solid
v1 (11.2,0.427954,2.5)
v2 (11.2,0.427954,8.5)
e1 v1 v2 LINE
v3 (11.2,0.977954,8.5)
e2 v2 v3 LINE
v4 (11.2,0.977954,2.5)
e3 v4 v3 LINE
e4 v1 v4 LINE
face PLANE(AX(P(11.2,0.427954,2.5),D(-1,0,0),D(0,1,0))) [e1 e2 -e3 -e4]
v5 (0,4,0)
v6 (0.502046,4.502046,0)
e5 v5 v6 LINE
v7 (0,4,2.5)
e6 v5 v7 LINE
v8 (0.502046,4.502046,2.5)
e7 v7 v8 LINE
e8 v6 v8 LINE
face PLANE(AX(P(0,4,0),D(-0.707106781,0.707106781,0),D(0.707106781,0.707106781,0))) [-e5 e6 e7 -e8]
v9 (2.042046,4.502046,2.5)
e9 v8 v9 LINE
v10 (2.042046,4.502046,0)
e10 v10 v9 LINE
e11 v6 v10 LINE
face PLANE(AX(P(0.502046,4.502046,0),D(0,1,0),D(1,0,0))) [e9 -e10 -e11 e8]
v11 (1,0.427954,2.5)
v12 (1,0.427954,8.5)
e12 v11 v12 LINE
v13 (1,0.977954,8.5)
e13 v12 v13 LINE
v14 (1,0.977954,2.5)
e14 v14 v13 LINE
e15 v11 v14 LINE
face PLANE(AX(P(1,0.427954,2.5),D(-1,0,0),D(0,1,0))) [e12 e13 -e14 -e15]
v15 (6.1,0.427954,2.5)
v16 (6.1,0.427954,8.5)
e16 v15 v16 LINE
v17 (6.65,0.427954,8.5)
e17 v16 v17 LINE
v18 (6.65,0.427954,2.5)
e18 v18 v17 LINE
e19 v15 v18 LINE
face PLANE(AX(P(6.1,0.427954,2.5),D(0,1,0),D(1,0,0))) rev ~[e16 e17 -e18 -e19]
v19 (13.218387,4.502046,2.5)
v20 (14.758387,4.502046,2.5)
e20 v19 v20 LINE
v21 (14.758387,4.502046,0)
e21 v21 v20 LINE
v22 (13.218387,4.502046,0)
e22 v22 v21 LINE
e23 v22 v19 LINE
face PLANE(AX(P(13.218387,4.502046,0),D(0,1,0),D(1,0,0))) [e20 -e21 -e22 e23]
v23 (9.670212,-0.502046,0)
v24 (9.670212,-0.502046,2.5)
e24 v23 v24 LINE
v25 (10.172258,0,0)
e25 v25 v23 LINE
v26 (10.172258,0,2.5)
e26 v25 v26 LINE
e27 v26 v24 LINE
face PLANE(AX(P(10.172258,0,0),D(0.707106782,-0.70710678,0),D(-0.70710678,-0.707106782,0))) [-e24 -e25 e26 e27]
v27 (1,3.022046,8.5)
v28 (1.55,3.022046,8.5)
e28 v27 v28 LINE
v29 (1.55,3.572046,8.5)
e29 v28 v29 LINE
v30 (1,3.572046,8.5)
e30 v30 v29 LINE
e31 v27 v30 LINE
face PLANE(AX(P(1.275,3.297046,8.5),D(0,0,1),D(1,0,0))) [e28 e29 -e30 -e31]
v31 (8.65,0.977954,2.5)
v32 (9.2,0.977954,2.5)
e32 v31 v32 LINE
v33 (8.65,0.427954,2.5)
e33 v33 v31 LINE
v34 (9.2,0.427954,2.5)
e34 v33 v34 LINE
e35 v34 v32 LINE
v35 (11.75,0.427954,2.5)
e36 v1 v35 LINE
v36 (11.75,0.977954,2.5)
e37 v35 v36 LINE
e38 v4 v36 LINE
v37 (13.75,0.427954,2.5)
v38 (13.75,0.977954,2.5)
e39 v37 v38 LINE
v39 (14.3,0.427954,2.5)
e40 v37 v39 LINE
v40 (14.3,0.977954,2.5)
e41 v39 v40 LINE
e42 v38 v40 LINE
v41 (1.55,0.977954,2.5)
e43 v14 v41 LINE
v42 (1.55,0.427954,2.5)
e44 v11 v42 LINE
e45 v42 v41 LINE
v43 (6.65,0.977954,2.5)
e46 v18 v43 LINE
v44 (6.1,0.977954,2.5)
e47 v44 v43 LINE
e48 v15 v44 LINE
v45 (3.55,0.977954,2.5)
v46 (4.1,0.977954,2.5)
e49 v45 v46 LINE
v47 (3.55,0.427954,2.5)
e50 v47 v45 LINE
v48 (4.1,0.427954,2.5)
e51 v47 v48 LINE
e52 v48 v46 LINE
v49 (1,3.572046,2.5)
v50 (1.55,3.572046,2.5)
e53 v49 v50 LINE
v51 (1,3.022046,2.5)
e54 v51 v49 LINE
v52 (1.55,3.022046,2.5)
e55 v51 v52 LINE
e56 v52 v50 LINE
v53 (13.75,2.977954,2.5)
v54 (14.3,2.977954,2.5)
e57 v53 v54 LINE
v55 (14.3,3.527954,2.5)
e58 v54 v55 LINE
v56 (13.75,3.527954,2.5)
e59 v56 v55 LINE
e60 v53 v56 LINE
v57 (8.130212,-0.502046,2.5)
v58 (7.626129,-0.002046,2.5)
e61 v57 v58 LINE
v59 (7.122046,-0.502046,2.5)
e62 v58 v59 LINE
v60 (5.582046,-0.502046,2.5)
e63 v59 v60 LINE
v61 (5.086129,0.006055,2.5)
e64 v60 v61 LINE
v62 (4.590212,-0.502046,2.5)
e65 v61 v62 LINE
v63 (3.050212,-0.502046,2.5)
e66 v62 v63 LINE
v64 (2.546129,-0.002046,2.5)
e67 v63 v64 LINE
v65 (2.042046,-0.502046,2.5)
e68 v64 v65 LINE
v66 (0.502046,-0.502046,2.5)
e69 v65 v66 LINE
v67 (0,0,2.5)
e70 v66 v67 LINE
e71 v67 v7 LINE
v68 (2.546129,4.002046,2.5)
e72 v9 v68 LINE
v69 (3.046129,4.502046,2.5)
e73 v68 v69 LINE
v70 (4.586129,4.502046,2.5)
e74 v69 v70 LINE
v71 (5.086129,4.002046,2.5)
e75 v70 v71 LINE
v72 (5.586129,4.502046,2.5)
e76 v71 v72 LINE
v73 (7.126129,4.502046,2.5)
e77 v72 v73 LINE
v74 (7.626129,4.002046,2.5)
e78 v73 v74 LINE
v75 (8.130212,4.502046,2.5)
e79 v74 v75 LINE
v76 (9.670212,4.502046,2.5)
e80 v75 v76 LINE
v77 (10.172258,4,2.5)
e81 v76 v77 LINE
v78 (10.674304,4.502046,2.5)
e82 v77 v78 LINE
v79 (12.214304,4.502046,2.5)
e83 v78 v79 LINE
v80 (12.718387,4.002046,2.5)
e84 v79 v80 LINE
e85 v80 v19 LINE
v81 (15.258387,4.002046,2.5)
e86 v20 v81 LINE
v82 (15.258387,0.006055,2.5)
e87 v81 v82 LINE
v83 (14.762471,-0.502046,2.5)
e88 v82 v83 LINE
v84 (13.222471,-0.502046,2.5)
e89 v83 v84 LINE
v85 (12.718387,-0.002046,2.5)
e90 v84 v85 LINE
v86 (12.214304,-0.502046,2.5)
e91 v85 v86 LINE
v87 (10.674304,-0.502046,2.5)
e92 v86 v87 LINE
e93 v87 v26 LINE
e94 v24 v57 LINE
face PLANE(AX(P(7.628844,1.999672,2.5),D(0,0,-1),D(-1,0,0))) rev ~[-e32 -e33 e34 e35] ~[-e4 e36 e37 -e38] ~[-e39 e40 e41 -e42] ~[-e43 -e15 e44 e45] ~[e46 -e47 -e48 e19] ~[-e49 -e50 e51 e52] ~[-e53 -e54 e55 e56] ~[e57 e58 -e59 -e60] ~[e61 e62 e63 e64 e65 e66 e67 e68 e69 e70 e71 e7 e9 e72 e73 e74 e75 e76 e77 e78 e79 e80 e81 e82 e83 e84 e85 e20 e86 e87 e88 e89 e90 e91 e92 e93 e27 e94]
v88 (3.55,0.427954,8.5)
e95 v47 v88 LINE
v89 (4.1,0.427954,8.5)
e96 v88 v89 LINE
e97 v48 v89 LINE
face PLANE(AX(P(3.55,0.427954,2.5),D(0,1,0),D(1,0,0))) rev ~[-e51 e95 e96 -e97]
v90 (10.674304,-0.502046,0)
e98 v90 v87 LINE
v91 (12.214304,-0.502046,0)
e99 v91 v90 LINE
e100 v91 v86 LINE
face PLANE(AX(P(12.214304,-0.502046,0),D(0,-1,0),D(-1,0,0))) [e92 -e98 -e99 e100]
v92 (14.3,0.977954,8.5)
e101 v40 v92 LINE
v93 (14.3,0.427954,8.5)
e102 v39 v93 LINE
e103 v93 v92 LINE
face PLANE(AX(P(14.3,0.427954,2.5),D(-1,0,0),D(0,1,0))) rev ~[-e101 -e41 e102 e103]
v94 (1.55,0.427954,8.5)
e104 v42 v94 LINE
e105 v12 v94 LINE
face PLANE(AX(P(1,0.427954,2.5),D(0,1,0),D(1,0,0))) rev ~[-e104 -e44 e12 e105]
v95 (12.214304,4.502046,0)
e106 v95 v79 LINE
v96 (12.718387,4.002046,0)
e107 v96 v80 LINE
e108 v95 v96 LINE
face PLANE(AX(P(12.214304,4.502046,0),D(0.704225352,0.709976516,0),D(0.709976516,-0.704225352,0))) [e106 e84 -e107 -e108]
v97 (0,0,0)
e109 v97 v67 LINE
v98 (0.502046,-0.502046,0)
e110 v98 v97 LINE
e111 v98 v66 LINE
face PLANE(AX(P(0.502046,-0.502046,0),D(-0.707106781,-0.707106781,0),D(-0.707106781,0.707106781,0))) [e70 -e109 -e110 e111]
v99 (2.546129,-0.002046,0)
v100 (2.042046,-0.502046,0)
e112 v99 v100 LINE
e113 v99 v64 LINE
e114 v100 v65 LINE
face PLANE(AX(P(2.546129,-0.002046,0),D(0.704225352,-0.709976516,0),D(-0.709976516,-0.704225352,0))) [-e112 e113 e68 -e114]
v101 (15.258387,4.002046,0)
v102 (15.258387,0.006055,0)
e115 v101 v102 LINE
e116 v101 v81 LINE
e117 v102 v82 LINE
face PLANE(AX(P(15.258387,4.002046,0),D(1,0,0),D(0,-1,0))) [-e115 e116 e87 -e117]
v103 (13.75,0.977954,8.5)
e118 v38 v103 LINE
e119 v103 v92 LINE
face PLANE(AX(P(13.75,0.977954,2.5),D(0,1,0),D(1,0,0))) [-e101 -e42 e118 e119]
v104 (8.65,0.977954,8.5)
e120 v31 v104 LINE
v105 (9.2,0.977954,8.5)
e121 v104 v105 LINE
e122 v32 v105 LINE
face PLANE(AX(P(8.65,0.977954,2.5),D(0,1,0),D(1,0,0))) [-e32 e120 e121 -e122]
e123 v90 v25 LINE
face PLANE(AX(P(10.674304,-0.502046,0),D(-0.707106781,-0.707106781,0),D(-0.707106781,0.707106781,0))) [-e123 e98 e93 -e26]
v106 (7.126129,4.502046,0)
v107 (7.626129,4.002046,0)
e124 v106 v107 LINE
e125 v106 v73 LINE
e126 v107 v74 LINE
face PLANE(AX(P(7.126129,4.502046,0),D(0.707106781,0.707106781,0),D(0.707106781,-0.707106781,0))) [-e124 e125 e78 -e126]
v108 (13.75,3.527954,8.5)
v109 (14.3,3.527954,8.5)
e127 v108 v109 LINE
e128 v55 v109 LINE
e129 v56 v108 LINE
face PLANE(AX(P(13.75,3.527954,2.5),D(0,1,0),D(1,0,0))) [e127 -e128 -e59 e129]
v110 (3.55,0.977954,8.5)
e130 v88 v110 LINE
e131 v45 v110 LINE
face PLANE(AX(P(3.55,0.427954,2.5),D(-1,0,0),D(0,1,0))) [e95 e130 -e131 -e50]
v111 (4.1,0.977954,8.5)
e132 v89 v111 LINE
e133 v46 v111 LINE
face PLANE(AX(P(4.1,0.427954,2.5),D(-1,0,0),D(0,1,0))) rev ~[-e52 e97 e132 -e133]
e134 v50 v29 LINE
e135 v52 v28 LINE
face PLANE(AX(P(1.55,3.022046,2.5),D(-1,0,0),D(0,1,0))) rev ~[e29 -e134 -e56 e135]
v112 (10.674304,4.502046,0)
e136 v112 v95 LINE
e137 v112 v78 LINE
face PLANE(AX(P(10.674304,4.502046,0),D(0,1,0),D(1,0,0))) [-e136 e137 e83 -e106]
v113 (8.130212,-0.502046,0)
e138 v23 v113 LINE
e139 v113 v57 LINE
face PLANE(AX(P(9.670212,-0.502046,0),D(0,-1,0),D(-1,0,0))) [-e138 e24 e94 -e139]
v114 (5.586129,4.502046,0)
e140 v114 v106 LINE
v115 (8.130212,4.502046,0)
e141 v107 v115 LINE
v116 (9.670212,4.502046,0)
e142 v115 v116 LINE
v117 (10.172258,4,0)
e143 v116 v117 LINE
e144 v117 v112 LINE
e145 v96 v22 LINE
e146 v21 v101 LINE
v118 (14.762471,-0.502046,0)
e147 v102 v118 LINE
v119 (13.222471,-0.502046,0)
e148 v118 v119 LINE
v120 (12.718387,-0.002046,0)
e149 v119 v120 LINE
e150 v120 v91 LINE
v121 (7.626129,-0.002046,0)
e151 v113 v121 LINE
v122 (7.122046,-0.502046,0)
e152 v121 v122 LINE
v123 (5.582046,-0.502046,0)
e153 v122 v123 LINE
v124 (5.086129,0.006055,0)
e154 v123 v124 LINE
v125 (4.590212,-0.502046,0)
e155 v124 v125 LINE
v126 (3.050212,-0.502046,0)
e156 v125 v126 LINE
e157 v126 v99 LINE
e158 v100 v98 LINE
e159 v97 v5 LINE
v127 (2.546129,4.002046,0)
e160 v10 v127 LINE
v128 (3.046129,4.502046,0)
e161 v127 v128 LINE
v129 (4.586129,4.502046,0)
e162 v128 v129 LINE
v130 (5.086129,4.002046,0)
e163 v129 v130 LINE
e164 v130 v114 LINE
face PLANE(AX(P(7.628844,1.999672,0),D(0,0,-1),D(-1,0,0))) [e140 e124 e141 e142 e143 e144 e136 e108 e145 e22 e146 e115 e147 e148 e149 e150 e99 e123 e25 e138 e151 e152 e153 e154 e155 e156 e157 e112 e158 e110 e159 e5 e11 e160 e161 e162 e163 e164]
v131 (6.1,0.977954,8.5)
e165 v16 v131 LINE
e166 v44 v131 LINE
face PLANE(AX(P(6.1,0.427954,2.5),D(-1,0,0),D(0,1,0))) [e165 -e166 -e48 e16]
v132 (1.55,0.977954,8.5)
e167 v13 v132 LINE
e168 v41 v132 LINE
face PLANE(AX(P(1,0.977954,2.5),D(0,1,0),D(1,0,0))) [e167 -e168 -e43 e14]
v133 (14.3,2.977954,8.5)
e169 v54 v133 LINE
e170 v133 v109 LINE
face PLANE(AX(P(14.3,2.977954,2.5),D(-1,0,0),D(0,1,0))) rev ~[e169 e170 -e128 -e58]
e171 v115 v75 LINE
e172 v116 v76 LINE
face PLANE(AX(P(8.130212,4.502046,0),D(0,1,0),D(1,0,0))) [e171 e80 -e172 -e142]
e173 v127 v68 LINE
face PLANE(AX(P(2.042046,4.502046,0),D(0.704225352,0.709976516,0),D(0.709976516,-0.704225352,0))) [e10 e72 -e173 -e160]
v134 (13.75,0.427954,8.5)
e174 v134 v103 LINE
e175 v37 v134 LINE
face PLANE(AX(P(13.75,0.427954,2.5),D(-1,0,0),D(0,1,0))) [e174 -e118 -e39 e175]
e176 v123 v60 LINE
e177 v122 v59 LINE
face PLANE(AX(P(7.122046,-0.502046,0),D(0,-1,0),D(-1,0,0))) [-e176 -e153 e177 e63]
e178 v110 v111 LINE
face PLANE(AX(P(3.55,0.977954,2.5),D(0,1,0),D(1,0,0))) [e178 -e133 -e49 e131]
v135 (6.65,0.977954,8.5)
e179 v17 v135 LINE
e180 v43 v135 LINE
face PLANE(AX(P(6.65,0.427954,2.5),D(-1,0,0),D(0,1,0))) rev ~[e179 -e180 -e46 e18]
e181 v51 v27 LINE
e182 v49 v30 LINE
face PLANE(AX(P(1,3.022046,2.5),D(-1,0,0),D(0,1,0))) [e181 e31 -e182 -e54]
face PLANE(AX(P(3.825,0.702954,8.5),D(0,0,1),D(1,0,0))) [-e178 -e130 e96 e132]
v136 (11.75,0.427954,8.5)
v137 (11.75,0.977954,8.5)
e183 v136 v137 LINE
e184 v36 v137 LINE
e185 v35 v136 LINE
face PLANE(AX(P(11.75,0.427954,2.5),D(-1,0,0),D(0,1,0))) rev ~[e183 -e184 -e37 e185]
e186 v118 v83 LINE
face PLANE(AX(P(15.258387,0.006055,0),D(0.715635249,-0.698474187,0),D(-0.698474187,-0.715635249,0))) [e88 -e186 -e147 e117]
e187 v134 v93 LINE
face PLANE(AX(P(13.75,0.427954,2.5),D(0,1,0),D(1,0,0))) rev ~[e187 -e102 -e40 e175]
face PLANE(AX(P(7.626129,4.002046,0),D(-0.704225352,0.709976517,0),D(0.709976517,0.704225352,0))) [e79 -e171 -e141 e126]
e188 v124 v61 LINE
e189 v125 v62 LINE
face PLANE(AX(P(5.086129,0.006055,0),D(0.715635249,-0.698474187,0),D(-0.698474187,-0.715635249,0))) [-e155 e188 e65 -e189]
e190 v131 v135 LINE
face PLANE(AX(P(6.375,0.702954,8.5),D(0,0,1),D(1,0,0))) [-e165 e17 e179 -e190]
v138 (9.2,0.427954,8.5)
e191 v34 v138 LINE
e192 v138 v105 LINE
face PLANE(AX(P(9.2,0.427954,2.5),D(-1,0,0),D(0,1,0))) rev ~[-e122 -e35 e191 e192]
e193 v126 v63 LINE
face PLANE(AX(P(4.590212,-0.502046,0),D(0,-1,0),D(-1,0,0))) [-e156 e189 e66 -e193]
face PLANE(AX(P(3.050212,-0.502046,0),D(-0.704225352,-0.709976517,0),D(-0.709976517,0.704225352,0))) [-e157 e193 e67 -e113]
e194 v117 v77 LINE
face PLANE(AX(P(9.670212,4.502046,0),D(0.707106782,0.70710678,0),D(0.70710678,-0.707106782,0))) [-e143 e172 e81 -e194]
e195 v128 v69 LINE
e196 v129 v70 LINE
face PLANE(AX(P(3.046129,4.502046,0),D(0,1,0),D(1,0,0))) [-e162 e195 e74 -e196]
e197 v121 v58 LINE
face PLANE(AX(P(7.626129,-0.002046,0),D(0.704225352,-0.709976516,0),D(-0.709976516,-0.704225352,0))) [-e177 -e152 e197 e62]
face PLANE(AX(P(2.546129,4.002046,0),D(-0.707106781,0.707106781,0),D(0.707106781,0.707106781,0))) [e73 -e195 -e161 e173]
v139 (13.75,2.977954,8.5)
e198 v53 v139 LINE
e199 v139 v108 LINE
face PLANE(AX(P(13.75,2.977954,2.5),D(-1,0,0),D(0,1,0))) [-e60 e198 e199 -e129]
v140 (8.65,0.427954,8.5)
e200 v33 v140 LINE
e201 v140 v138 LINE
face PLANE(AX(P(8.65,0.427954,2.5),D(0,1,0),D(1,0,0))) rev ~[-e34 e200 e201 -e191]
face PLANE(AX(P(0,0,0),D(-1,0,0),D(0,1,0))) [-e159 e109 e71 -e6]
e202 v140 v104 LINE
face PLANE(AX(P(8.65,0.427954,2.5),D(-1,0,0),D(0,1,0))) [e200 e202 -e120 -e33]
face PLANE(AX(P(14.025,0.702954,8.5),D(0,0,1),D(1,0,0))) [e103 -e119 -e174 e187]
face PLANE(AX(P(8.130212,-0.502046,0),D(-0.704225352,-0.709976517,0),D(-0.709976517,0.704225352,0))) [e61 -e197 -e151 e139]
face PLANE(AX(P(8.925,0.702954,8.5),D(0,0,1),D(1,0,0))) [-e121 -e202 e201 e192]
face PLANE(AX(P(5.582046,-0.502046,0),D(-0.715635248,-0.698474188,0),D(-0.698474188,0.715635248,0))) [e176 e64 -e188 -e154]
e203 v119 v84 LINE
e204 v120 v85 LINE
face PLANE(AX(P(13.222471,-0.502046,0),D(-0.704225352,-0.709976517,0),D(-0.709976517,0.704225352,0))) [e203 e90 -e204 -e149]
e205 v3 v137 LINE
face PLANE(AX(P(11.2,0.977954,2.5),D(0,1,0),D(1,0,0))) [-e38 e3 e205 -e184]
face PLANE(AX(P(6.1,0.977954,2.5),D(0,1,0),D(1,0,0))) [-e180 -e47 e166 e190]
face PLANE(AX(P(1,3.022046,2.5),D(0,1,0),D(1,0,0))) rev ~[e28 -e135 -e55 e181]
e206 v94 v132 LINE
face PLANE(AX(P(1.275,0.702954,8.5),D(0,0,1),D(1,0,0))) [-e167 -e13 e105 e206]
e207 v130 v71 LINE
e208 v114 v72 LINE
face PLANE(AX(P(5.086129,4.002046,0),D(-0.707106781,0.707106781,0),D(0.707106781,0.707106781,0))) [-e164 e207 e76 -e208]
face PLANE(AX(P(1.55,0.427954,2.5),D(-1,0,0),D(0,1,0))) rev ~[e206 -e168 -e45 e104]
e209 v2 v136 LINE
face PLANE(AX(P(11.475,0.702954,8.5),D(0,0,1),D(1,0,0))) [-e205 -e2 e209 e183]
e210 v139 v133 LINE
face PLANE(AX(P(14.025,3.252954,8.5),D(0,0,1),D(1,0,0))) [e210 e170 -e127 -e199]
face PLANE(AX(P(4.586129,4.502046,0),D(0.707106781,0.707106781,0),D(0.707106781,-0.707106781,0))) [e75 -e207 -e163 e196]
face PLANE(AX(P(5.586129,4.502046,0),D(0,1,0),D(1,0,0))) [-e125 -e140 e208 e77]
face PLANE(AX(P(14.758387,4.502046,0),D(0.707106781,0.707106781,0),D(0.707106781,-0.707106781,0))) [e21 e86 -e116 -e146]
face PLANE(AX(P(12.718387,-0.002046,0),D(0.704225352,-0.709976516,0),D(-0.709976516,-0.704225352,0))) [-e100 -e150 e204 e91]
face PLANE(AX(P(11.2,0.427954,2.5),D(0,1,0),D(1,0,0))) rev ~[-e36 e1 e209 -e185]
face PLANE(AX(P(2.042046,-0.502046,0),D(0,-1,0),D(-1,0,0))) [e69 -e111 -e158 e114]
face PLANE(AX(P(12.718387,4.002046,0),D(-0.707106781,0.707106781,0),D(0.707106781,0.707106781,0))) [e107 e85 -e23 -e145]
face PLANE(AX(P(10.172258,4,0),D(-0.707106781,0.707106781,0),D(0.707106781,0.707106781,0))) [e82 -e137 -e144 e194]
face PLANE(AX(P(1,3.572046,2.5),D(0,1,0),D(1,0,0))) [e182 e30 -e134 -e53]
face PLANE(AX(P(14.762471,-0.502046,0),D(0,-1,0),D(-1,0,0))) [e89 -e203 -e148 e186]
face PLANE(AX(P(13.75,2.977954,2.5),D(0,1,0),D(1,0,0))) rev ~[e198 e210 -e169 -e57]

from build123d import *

# Parameters (mm, degrees)
BOSS_EXTRUDE1_DEPTH = 2.5
SKETCH2_W           = 0.55
SKETCH2_H           = 0.55
BOSS_EXTRUDE2_DEPTH = 6


with BuildPart() as part:
    # Sketch1 → Boss-Extrude1 (new body)
    with BuildSketch(Plane.XY):
        Polygon((0, 0), (0, 4), (0.502045815, 4.502045815), (2.042045815, 4.502045815), (2.546129141, 4.002045815), (3.046129141, 4.502045815), (4.586129141, 4.502045815), (5.086129141, 4.002045815), (5.586129141, 4.502045815), (7.126129141, 4.502045815), (7.626129141, 4.002045815), (8.130212468, 4.502045815), (9.670212468, 4.502045815), (10.172258282, 4), (10.674304097, 4.502045815), (12.214304097, 4.502045815), (12.718387423, 4.002045815), (13.218387423, 4.502045815), (14.758387423, 4.502045815), (15.258387423, 4.002045815), (15.258387423, 0.006055212), (14.76247075, -0.502045815), (13.22247075, -0.502045815), (12.718387423, -0.002045815), (12.214304097, -0.502045815), (10.674304097, -0.502045815), (10.172258282, 0), (9.670212468, -0.502045815), (8.130212468, -0.502045815), (7.626129141, -0.002045815), (7.122045815, -0.502045815), (5.582045815, -0.502045815), (5.086129141, 0.006055212), (4.590212468, -0.502045815), (3.050212468, -0.502045815), (2.546129141, -0.002045815), (2.042045815, -0.502045815), (0.502045815, -0.502045815), align=None)
    extrude(amount=BOSS_EXTRUDE1_DEPTH)

    # Sketch2 → Boss-Extrude2 (add)
    with BuildSketch(Plane.XY.offset(2.5)):
        with Locations((1.275, 0.702954185)):
            Rectangle(SKETCH2_W, SKETCH2_H)
        with Locations((1.275, 3.297045815)):
            Rectangle(SKETCH2_W, SKETCH2_H)
        with Locations((3.825, 0.702954185)):
            Rectangle(SKETCH2_W, SKETCH2_H)
        with Locations((6.375, 0.702954185)):
            Rectangle(SKETCH2_W, SKETCH2_H)
        with Locations((8.925, 0.702954185)):
            Rectangle(SKETCH2_W, SKETCH2_H)
        with Locations((11.475, 0.702954185)):
            Rectangle(SKETCH2_W, SKETCH2_H)
        with Locations((14.025, 0.702954185)):
            Rectangle(SKETCH2_W, SKETCH2_H)
        with Locations((14.025, 3.252954185)):
            Rectangle(SKETCH2_W, SKETCH2_H)
    extrude(amount=BOSS_EXTRUDE2_DEPTH)


solid = part.part
